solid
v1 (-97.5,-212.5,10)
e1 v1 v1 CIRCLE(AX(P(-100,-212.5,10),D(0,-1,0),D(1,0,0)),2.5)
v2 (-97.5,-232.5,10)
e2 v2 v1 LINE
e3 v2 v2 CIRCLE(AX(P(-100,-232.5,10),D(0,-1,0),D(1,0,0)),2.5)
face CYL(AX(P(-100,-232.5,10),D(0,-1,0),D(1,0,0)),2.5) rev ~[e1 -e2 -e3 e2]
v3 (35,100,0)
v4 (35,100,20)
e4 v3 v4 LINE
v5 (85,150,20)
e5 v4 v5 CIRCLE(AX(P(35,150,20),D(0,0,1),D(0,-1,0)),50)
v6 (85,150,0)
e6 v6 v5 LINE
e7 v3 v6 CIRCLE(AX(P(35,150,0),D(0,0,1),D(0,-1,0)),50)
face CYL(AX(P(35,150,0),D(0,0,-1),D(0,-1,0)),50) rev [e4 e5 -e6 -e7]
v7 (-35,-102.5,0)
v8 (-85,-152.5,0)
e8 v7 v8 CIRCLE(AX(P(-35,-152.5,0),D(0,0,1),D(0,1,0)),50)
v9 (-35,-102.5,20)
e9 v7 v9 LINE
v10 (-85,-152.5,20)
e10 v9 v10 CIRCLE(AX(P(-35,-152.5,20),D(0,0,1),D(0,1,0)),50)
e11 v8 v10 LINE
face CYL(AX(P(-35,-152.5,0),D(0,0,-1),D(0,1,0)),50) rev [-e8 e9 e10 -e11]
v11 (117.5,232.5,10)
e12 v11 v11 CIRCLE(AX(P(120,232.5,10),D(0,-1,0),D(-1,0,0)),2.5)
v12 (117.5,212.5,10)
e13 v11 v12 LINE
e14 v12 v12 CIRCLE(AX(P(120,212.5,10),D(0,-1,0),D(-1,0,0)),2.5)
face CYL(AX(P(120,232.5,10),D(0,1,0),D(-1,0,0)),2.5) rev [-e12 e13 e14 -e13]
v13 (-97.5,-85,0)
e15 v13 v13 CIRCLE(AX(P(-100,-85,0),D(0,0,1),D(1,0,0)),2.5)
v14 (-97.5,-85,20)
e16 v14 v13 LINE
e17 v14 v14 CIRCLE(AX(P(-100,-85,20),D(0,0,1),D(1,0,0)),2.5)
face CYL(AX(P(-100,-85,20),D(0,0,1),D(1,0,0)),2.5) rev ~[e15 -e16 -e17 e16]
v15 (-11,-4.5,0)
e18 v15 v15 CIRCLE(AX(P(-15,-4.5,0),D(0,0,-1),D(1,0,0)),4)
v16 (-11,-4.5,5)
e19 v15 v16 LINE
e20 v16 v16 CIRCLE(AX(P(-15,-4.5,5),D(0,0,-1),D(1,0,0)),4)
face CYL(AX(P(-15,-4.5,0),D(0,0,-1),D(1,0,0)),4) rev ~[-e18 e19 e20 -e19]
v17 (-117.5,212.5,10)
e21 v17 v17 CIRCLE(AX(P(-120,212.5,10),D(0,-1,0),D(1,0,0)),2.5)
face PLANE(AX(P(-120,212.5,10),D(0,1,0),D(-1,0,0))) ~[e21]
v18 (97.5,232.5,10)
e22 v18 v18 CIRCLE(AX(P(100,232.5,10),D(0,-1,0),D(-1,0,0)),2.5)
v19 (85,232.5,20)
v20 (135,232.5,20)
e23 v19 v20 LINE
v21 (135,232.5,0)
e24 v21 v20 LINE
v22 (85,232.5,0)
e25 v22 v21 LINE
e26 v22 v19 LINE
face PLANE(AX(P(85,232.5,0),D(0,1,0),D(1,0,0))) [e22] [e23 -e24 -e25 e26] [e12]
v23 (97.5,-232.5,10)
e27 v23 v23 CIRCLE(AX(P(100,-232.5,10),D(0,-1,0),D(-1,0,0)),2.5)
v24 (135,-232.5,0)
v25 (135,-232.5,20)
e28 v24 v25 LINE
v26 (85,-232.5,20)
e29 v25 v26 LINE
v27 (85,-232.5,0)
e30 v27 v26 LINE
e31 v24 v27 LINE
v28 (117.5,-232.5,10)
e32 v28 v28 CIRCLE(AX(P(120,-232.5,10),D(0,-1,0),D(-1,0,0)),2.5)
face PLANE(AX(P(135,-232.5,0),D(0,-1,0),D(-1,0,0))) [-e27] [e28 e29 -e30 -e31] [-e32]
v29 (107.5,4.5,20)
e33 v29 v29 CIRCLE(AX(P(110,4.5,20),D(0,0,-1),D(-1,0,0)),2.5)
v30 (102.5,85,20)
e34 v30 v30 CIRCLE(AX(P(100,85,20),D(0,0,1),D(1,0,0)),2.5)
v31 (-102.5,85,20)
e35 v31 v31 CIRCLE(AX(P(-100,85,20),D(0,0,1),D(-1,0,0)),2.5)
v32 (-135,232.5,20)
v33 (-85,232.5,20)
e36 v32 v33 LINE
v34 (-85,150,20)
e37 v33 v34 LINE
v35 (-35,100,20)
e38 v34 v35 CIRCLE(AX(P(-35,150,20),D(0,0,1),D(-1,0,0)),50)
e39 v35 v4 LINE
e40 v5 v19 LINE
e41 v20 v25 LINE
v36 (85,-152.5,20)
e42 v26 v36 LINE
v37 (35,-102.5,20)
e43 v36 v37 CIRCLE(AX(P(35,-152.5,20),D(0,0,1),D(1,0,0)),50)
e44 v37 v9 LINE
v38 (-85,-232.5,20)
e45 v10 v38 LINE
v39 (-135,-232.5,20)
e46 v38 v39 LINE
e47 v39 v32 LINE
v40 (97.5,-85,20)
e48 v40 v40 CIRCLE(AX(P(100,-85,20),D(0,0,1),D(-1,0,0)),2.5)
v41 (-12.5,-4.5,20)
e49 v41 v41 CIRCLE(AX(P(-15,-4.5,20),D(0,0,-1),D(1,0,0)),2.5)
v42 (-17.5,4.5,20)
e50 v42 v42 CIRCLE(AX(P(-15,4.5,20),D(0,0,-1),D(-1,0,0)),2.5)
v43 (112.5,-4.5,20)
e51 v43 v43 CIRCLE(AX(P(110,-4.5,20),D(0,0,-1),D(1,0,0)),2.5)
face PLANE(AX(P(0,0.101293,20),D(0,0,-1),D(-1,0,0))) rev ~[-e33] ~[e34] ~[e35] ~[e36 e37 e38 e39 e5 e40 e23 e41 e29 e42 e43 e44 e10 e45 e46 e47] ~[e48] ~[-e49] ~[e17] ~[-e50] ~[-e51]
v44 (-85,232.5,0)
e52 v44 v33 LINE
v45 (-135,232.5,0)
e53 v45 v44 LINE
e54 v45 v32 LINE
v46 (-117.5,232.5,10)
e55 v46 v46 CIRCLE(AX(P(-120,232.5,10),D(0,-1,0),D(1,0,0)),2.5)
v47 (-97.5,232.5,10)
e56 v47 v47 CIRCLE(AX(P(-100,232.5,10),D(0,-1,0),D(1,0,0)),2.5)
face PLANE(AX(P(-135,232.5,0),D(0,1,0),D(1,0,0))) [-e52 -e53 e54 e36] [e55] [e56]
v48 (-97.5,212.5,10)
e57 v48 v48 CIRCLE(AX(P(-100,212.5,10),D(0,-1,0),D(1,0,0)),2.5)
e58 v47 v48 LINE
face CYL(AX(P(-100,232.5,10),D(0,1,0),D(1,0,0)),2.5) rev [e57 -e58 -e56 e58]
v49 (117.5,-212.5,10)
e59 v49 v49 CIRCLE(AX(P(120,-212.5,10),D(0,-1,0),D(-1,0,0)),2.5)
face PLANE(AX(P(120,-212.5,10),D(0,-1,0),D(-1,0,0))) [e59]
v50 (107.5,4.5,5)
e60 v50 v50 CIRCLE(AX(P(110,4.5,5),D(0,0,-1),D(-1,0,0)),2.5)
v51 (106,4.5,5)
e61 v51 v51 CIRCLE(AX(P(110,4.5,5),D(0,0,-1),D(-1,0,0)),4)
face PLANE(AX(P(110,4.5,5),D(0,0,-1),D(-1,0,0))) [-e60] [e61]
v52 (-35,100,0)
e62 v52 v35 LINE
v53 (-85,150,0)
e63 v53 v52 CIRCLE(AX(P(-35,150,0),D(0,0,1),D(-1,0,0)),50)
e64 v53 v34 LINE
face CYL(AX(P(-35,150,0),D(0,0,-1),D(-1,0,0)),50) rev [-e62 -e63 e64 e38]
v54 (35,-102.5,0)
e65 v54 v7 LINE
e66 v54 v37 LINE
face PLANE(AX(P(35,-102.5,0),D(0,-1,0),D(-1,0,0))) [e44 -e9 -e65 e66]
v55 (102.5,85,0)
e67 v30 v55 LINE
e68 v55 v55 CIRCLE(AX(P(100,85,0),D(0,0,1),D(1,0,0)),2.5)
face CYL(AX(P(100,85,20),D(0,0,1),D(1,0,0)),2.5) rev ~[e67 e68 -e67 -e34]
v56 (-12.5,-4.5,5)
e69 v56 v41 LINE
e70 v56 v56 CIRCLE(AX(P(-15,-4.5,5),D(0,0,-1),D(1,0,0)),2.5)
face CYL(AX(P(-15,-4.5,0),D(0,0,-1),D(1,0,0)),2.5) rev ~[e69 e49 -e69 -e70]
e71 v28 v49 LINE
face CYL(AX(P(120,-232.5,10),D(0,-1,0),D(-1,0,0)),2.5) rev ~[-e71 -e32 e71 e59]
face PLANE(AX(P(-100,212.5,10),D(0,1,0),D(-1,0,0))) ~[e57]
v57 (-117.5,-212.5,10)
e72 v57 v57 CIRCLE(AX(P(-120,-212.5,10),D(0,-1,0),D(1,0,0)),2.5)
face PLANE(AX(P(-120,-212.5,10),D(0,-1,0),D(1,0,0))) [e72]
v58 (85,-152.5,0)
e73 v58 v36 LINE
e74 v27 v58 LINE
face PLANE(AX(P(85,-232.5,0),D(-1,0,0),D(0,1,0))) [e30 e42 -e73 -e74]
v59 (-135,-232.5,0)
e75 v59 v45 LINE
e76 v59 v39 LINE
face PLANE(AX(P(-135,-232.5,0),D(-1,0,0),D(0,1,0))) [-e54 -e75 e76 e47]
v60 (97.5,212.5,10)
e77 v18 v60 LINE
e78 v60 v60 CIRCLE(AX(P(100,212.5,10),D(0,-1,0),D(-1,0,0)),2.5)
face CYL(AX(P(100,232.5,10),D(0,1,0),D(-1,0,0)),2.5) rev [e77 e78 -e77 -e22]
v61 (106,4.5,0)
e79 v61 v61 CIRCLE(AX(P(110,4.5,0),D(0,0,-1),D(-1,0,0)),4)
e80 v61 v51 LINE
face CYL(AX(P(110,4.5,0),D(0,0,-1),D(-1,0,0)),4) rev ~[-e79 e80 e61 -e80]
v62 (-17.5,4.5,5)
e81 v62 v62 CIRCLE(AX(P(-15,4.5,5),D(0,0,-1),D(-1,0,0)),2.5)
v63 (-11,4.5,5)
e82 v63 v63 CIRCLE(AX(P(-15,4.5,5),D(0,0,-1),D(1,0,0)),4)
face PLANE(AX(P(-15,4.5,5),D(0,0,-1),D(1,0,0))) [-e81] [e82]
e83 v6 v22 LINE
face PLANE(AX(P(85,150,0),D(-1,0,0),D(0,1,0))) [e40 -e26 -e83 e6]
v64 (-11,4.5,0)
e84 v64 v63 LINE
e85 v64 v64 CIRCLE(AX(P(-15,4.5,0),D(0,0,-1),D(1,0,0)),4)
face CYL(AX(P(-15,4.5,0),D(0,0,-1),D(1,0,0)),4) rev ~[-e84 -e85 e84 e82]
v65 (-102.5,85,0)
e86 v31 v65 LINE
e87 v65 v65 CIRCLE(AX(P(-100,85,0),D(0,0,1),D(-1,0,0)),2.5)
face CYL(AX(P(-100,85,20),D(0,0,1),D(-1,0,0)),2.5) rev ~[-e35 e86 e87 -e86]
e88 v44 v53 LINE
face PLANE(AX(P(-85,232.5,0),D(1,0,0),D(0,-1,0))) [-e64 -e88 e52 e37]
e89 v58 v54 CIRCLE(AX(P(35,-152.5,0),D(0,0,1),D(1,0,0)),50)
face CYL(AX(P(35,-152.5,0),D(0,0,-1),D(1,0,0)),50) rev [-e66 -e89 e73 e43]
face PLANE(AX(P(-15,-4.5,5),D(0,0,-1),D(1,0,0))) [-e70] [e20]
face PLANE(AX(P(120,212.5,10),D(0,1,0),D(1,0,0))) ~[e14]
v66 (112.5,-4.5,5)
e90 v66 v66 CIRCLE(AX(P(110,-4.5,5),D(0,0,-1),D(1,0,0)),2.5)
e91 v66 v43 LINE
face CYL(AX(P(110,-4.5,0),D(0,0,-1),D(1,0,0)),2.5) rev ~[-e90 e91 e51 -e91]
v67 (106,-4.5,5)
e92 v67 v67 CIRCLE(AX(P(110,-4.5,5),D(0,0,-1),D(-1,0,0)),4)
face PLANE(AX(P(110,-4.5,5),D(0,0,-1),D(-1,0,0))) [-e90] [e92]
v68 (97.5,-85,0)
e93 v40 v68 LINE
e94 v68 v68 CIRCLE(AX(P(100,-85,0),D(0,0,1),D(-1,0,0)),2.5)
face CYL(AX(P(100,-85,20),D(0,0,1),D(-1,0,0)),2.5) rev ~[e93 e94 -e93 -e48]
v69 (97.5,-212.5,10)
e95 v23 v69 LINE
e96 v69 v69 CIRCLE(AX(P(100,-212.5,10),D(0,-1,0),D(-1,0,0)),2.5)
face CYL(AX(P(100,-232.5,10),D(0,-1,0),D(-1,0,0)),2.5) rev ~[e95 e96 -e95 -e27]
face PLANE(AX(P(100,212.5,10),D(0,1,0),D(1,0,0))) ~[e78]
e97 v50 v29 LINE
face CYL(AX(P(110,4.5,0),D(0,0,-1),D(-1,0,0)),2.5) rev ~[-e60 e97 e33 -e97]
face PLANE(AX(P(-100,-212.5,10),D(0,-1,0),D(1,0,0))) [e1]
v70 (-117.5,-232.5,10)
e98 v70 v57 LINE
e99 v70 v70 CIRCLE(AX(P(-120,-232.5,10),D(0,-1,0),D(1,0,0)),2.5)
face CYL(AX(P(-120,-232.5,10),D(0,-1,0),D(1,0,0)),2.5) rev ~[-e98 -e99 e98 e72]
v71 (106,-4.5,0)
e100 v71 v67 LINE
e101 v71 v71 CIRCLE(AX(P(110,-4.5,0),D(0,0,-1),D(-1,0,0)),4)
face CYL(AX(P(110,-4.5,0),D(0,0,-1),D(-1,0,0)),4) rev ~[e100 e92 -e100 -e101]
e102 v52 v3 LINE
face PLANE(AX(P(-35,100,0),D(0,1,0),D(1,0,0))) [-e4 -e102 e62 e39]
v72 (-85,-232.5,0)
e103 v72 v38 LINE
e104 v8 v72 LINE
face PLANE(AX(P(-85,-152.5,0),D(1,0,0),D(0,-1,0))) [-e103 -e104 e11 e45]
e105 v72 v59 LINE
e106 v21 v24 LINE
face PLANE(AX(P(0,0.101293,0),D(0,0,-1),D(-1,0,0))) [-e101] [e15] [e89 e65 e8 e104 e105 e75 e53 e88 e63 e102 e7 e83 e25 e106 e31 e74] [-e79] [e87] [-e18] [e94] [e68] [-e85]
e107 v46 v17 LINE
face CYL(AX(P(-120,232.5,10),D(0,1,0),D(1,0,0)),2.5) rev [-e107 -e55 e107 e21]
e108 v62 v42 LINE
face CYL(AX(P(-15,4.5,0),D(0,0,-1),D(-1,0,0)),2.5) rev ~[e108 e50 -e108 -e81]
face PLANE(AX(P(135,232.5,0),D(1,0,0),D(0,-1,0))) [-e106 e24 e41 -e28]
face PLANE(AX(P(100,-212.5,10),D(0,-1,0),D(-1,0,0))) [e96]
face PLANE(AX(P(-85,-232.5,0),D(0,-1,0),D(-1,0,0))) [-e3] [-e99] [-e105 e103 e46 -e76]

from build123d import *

# Parameters (mm, degrees)
BOSS_EXTRUDE1_DEPTH = 20
SKETCH2_R           = 2.5
CUT_EXTRUDE1_DEPTH  = 20
SKETCH3_R           = 2.5
CUT_EXTRUDE2_DEPTH  = 20
SKETCH4_R           = 2.5
CUT_EXTRUDE3_DEPTH  = 20
SKETCH5_R           = 4
CUT_EXTRUDE4_DEPTH  = 5


with BuildPart() as part:
    # Sketch1 → Boss-Extrude1 (new body)
    with BuildSketch(Plane.XY):
        with BuildLine():
            Line((85, 232.5), (135, 232.5))
            Line((135, 232.5), (135, -232.5))
            Line((135, -232.5), (85, -232.5))
            Line((85, -232.5), (85, -152.5))
            ThreePointArc((85, -152.5), (70.355339059, -117.144660941), (35, -102.5))
            Line((35, -102.5), (-35, -102.5))
            ThreePointArc((-35, -102.5), (-70.355339059, -117.144660941), (-85, -152.5))
            Line((-85, -152.5), (-85, -232.5))
            Line((-85, -232.5), (-135, -232.5))
            Line((-135, -232.5), (-135, 232.5))
            Line((-135, 232.5), (-85, 232.5))
            Line((-85, 232.5), (-85, 150))
            ThreePointArc((-85, 150), (-70.355339059, 114.644660941), (-35, 100))
            Line((-35, 100), (35, 100))
            ThreePointArc((35, 100), (70.355339059, 114.644660941), (85, 150))
            Line((85, 150), (85, 232.5))
        make_face()
    extrude(amount=BOSS_EXTRUDE1_DEPTH)

    # Sketch2 → Cut-Extrude1 (cut)
    with BuildSketch(Plane.XZ.offset(232.5)):
        with Locations((-120, 10)):
            Circle(SKETCH2_R)
        with Locations((-100, 10)):
            Circle(SKETCH2_R)
        with Locations(Location((100, 10, 0), (0, 0, 180))):
            Circle(SKETCH2_R)
        with Locations(Location((120, 10, 0), (0, 0, 180))):
            Circle(SKETCH2_R)
    cut_extrude1 = extrude(amount=-CUT_EXTRUDE1_DEPTH, mode=Mode.SUBTRACT)

    # Mirror1: Cut-Extrude1 across plane
    add(cut_extrude1.mirror(Plane.ZX), mode=Mode.SUBTRACT)

    # Sketch3 → Cut-Extrude2 (cut)
    with BuildSketch(Plane.XY.offset(20)):
        with Locations((100, 85)):
            Circle(SKETCH3_R)
        with Locations(Location((100, -85, 0), (0, 0, 180))):
            Circle(SKETCH3_R)
        with Locations(Location((-100, 85, 0), (0, 0, 180))):
            Circle(SKETCH3_R)
        with Locations((-100, -85)):
            Circle(SKETCH3_R)
    extrude(amount=-CUT_EXTRUDE2_DEPTH, mode=Mode.SUBTRACT)

    # Sketch4 → Cut-Extrude3 (cut)
    with BuildSketch(Plane(origin=(0, 0, 0), x_dir=(-1, 0, 0), z_dir=(0, 0, -1))):
        with Locations((-110, 4.5)):
            Circle(SKETCH4_R)
        with Locations(Location((-110, -4.5, 0), (0, 0, 180))):
            Circle(SKETCH4_R)
        with Locations((15, 4.5)):
            Circle(SKETCH4_R)
        with Locations(Location((15, -4.5, 0), (0, 0, 180))):
            Circle(SKETCH4_R)
    extrude(amount=-CUT_EXTRUDE3_DEPTH, mode=Mode.SUBTRACT)

    # Sketch5 → Cut-Extrude4 (cut)
    with BuildSketch(Plane(origin=(0, 0, 0), x_dir=(-1, 0, 0), z_dir=(0, 0, -1))):
        with Locations((-110, 4.5)):
            Circle(SKETCH5_R)
        with Locations((-110, -4.5)):
            Circle(SKETCH5_R)
        with Locations(Location((15, 4.5, 0), (0, 0, 180))):
            Circle(SKETCH5_R)
        with Locations(Location((15, -4.5, 0), (0, 0, 180))):
            Circle(SKETCH5_R)
    extrude(amount=-CUT_EXTRUDE4_DEPTH, mode=Mode.SUBTRACT)


solid = part.part
